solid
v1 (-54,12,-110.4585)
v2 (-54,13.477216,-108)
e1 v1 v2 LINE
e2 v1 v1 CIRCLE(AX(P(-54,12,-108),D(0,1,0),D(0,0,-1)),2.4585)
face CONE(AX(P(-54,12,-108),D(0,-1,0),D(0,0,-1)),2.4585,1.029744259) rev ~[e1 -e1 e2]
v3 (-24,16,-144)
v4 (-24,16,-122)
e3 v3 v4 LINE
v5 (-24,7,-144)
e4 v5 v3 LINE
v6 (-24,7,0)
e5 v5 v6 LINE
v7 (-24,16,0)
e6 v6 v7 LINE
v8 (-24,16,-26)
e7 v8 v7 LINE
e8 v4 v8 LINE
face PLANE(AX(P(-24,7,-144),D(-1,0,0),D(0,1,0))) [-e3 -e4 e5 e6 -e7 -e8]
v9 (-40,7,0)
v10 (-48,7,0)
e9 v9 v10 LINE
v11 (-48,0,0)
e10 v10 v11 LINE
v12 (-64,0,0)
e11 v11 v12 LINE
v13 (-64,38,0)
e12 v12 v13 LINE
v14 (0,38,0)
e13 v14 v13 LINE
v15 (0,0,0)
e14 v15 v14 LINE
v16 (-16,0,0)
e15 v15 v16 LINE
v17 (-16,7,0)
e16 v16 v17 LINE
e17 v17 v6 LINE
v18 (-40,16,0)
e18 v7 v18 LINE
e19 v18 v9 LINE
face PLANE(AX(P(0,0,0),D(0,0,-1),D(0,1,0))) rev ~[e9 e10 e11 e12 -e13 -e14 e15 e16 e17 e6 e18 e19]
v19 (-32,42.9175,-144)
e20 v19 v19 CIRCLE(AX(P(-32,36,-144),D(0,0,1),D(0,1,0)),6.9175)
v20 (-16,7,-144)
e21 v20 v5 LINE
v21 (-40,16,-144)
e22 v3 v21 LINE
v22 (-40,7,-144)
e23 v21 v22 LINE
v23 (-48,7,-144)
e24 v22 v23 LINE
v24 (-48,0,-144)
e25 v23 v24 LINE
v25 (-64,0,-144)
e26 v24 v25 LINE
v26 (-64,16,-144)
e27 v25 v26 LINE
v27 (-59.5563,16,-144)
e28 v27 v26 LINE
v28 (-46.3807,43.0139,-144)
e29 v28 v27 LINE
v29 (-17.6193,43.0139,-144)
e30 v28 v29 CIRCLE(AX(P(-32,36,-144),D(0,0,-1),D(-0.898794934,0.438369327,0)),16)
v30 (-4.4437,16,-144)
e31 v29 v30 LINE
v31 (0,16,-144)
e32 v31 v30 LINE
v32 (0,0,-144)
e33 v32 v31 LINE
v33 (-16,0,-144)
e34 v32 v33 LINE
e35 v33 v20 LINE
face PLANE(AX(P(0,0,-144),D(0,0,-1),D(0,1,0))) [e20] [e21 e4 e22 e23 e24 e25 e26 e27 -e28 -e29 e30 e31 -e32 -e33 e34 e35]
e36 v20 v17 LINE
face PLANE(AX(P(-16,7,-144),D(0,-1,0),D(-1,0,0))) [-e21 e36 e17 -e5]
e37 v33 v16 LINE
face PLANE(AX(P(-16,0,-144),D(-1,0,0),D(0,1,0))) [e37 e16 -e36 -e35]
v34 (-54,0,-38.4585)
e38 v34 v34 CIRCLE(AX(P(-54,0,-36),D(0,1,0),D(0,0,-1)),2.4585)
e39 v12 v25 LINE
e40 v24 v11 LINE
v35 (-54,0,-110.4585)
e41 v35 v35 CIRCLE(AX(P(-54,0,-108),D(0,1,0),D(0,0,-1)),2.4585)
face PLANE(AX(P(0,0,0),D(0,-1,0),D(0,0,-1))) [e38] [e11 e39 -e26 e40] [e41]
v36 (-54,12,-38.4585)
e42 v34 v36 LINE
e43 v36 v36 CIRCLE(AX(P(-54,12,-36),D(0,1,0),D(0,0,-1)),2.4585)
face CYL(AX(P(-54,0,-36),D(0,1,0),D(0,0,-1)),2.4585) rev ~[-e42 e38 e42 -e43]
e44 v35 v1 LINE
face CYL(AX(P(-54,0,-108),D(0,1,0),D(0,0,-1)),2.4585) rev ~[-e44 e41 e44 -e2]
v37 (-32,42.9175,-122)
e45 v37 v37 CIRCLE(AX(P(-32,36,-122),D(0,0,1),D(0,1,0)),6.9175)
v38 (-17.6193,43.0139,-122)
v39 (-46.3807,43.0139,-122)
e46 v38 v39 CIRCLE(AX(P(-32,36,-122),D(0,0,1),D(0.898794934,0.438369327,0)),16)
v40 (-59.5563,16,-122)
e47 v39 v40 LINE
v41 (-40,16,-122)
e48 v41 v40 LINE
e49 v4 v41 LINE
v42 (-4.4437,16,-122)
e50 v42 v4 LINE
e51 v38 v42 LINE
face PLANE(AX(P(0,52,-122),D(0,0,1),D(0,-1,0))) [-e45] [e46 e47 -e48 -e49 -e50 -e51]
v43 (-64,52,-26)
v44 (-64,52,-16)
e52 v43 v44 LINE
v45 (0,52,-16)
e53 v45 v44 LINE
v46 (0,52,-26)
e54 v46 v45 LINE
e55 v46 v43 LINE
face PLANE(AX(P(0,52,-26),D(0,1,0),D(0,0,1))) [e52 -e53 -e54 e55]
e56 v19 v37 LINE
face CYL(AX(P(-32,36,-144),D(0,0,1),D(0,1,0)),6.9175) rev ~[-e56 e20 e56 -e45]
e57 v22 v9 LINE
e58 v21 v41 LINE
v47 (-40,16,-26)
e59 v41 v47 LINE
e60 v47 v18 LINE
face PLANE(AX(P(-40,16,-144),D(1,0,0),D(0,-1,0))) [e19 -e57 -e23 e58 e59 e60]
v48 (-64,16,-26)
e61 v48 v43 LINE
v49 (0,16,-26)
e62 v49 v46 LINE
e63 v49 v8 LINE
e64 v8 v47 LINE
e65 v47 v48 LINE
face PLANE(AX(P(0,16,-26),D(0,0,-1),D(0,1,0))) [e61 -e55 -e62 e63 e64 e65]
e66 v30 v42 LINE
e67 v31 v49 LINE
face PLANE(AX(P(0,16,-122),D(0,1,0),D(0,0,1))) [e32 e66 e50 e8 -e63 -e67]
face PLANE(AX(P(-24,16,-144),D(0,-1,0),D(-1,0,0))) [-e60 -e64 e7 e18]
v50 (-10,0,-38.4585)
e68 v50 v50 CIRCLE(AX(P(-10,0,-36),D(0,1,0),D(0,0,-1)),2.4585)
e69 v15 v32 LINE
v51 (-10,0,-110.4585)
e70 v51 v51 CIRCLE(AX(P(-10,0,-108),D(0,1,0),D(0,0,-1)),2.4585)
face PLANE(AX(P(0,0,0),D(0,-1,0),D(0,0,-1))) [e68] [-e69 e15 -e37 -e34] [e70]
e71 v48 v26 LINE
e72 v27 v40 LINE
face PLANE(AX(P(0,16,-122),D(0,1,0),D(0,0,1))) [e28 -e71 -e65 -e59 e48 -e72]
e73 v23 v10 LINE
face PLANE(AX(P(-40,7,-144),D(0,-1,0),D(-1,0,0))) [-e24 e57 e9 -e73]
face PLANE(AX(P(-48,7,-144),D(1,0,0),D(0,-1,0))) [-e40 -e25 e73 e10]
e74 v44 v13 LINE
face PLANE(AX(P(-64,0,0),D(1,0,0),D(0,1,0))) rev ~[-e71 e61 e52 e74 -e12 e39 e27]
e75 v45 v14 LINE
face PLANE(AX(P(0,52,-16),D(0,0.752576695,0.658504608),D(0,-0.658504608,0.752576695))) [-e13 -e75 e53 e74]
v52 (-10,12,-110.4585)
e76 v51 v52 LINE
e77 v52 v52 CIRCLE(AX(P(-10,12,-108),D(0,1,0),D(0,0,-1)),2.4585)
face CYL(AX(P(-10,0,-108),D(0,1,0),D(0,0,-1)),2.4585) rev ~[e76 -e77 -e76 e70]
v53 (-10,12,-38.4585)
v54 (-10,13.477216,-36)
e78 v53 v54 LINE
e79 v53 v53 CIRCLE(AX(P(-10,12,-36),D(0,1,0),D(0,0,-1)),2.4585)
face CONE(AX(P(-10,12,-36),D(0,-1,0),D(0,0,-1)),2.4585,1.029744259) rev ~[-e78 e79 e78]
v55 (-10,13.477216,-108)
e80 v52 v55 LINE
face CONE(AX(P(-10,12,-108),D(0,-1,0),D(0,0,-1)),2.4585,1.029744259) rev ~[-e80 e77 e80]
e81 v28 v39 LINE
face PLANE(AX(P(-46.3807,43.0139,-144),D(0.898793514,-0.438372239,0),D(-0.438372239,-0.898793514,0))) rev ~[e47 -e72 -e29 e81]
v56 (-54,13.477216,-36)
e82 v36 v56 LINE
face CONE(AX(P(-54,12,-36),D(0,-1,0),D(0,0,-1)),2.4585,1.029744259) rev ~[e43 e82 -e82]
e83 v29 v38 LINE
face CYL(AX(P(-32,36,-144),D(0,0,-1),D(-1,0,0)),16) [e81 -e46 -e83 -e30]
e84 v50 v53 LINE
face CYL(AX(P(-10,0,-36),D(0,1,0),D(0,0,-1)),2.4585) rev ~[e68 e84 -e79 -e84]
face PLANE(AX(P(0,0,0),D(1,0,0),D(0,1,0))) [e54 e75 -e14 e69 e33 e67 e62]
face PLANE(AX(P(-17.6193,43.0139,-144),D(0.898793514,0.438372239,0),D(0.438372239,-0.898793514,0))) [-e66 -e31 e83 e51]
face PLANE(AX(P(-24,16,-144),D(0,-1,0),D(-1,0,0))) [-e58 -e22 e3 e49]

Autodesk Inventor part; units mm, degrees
ref_plane "YZ Plane" through (0, 0, 0) normal (1, 0, 0) x (0, 1, 0)
ref_plane "XZ Plane" through (0, 0, 0) normal (0, 1, 0) x (-1, 0, 0)
ref_plane "XY Plane" through (0, 0, 0) normal (0, 0, 1) x (1, 0, 0)
sketch "Esboço1" plane through (0, 0, 0) normal (1, 0, 0) x (0, 1, 0)
  line L0 (0, 0) -> (0, -144)
  line L1 (0, -144) -> (52, -144)
  line L2 (52, -144) -> (52, -122)
  line L3 (52, -122) -> (16, -122)
  line L4 (0, 0) -> (38, 0)
  line L5 (38, 0) -> (52, 0)
  line L6 (16, -122) -> (16, -26)
  line L7 (16, -26) -> (52, -26)
  line L8 (52, -26) -> (52, -16)
  line L9 (52, -16) -> (38, 0)
  dimension "d0" = 144
  dimension "d1" = 52
  dimension "d2" = 22
  dimension "d3" = 36
  dimension "d8" = 38
  dimension "d10" = 96
  dimension "d12" = 10
extrude "Extrusão1" add sketch "Esboço1" against normal blind 64
sketch "Esboço2" plane through (0, 0, -144) normal (0, 0, -1) x (-1, 0, 0)
  line L0 (0, 0) -> (16, 0)
  line L1 (0, 0) -> (64, 0) projected
  line L2 (16, 0) -> (16, 7)
  line L3 (16, 7) -> (24, 7)
  line L4 (24, 7) -> (24, 16)
  line L5 (24, 16) -> (40, 16)
  line L6 (0, 16) -> (64, 16) projected
  line L7 (40, 16) -> (40, 7)
  line L8 (40, 7) -> (48, 7)
  line L9 (48, 7) -> (48, 0)
  dimension "d15" = 16
  dimension "d16" = 7
  dimension "d20" = 16
  dimension "d21" = 9
  dimension "d22" = 8
extrude "Extrusão2" cut sketch "Esboço2" against normal blind 144
sketch "Esboço3" plane through (0, 0, -144) normal (0, 0, -1) x (-1, 0, 0)
  point P0 (0, 0)
sketch "Esboço5" plane through (0, 0, -144) normal (0, 0, -1) x (-1, 0, 0)
  line L0 (48, 0) -> (64, 0) projected
  line L1 (0, 52) -> (64, 52) projected
  line L2 (64, 52) -> (64, 0) projected
  line L3 (40, 16) -> (64, 16) projected
  line L4 (24, 16) -> (40, 16) projected
  circle A0 centre (32, 36) radius 16
  line L5 (46.3807, 43.0139) -> (59.5563, 16)
  line L6 (17.6193, 43.0139) -> (4.4437, 16)
  line L7 (0, 0) -> (0, 52) projected
  line L8 (0, 0) -> (0, 16)
  line L9 (0, 16) -> (4.4437, 16)
  line L10 (0, 16) -> (24, 16) projected
  line L11 (59.5563, 16) -> (64, 16)
  line L12 (64, 16) -> (64, 0)
  point P0 (32, 52)
extrude "Extrusão3" cut sketch "Esboço5" against normal blind 22 contours L1 A0 L6 L9 L7 | L1 L2 L3 L5 A0
sketch "Esboço6" plane through (0, 0, -144) normal (0, 0, -1) x (-1, 0, 0)
  line L0 (24, 16) -> (40, 16) projected
  line L1 (32, 16) -> (32, 36)
  point P0 (0, 0)
  dimension "d49" = 20
hole "Furo1" at (-32, 36, -144) direction (0, 0, 1) diameter 13.835 depth 22 thread size "M16x2" class "6H" standard "ISO Metric profile"
sketch "Esboço7" plane through (-64, 0, -144) normal (0, -1, 0) x (1, 0, 0)
  line L0 (0, 144) -> (0, 128) projected
  line L1 (10, 108) -> (10, 36)
  line L2 (54, 108) -> (54, 36)
  point P0 (64, 144)
  dimension "d59" = 72
  dimension "d61" = 72
hole "Furo2" at (-10, 0, -36) at (-10, 0, -108) at (-54, 0, -108) at (-54, 0, -36) direction (0, 1, 0) diameter 4.917 depth 12 tip angle 118 thread size "M6x1" class "6H" standard "ISO Metric profile"
properties part number "morsa_body" material "Iron, Cast"
